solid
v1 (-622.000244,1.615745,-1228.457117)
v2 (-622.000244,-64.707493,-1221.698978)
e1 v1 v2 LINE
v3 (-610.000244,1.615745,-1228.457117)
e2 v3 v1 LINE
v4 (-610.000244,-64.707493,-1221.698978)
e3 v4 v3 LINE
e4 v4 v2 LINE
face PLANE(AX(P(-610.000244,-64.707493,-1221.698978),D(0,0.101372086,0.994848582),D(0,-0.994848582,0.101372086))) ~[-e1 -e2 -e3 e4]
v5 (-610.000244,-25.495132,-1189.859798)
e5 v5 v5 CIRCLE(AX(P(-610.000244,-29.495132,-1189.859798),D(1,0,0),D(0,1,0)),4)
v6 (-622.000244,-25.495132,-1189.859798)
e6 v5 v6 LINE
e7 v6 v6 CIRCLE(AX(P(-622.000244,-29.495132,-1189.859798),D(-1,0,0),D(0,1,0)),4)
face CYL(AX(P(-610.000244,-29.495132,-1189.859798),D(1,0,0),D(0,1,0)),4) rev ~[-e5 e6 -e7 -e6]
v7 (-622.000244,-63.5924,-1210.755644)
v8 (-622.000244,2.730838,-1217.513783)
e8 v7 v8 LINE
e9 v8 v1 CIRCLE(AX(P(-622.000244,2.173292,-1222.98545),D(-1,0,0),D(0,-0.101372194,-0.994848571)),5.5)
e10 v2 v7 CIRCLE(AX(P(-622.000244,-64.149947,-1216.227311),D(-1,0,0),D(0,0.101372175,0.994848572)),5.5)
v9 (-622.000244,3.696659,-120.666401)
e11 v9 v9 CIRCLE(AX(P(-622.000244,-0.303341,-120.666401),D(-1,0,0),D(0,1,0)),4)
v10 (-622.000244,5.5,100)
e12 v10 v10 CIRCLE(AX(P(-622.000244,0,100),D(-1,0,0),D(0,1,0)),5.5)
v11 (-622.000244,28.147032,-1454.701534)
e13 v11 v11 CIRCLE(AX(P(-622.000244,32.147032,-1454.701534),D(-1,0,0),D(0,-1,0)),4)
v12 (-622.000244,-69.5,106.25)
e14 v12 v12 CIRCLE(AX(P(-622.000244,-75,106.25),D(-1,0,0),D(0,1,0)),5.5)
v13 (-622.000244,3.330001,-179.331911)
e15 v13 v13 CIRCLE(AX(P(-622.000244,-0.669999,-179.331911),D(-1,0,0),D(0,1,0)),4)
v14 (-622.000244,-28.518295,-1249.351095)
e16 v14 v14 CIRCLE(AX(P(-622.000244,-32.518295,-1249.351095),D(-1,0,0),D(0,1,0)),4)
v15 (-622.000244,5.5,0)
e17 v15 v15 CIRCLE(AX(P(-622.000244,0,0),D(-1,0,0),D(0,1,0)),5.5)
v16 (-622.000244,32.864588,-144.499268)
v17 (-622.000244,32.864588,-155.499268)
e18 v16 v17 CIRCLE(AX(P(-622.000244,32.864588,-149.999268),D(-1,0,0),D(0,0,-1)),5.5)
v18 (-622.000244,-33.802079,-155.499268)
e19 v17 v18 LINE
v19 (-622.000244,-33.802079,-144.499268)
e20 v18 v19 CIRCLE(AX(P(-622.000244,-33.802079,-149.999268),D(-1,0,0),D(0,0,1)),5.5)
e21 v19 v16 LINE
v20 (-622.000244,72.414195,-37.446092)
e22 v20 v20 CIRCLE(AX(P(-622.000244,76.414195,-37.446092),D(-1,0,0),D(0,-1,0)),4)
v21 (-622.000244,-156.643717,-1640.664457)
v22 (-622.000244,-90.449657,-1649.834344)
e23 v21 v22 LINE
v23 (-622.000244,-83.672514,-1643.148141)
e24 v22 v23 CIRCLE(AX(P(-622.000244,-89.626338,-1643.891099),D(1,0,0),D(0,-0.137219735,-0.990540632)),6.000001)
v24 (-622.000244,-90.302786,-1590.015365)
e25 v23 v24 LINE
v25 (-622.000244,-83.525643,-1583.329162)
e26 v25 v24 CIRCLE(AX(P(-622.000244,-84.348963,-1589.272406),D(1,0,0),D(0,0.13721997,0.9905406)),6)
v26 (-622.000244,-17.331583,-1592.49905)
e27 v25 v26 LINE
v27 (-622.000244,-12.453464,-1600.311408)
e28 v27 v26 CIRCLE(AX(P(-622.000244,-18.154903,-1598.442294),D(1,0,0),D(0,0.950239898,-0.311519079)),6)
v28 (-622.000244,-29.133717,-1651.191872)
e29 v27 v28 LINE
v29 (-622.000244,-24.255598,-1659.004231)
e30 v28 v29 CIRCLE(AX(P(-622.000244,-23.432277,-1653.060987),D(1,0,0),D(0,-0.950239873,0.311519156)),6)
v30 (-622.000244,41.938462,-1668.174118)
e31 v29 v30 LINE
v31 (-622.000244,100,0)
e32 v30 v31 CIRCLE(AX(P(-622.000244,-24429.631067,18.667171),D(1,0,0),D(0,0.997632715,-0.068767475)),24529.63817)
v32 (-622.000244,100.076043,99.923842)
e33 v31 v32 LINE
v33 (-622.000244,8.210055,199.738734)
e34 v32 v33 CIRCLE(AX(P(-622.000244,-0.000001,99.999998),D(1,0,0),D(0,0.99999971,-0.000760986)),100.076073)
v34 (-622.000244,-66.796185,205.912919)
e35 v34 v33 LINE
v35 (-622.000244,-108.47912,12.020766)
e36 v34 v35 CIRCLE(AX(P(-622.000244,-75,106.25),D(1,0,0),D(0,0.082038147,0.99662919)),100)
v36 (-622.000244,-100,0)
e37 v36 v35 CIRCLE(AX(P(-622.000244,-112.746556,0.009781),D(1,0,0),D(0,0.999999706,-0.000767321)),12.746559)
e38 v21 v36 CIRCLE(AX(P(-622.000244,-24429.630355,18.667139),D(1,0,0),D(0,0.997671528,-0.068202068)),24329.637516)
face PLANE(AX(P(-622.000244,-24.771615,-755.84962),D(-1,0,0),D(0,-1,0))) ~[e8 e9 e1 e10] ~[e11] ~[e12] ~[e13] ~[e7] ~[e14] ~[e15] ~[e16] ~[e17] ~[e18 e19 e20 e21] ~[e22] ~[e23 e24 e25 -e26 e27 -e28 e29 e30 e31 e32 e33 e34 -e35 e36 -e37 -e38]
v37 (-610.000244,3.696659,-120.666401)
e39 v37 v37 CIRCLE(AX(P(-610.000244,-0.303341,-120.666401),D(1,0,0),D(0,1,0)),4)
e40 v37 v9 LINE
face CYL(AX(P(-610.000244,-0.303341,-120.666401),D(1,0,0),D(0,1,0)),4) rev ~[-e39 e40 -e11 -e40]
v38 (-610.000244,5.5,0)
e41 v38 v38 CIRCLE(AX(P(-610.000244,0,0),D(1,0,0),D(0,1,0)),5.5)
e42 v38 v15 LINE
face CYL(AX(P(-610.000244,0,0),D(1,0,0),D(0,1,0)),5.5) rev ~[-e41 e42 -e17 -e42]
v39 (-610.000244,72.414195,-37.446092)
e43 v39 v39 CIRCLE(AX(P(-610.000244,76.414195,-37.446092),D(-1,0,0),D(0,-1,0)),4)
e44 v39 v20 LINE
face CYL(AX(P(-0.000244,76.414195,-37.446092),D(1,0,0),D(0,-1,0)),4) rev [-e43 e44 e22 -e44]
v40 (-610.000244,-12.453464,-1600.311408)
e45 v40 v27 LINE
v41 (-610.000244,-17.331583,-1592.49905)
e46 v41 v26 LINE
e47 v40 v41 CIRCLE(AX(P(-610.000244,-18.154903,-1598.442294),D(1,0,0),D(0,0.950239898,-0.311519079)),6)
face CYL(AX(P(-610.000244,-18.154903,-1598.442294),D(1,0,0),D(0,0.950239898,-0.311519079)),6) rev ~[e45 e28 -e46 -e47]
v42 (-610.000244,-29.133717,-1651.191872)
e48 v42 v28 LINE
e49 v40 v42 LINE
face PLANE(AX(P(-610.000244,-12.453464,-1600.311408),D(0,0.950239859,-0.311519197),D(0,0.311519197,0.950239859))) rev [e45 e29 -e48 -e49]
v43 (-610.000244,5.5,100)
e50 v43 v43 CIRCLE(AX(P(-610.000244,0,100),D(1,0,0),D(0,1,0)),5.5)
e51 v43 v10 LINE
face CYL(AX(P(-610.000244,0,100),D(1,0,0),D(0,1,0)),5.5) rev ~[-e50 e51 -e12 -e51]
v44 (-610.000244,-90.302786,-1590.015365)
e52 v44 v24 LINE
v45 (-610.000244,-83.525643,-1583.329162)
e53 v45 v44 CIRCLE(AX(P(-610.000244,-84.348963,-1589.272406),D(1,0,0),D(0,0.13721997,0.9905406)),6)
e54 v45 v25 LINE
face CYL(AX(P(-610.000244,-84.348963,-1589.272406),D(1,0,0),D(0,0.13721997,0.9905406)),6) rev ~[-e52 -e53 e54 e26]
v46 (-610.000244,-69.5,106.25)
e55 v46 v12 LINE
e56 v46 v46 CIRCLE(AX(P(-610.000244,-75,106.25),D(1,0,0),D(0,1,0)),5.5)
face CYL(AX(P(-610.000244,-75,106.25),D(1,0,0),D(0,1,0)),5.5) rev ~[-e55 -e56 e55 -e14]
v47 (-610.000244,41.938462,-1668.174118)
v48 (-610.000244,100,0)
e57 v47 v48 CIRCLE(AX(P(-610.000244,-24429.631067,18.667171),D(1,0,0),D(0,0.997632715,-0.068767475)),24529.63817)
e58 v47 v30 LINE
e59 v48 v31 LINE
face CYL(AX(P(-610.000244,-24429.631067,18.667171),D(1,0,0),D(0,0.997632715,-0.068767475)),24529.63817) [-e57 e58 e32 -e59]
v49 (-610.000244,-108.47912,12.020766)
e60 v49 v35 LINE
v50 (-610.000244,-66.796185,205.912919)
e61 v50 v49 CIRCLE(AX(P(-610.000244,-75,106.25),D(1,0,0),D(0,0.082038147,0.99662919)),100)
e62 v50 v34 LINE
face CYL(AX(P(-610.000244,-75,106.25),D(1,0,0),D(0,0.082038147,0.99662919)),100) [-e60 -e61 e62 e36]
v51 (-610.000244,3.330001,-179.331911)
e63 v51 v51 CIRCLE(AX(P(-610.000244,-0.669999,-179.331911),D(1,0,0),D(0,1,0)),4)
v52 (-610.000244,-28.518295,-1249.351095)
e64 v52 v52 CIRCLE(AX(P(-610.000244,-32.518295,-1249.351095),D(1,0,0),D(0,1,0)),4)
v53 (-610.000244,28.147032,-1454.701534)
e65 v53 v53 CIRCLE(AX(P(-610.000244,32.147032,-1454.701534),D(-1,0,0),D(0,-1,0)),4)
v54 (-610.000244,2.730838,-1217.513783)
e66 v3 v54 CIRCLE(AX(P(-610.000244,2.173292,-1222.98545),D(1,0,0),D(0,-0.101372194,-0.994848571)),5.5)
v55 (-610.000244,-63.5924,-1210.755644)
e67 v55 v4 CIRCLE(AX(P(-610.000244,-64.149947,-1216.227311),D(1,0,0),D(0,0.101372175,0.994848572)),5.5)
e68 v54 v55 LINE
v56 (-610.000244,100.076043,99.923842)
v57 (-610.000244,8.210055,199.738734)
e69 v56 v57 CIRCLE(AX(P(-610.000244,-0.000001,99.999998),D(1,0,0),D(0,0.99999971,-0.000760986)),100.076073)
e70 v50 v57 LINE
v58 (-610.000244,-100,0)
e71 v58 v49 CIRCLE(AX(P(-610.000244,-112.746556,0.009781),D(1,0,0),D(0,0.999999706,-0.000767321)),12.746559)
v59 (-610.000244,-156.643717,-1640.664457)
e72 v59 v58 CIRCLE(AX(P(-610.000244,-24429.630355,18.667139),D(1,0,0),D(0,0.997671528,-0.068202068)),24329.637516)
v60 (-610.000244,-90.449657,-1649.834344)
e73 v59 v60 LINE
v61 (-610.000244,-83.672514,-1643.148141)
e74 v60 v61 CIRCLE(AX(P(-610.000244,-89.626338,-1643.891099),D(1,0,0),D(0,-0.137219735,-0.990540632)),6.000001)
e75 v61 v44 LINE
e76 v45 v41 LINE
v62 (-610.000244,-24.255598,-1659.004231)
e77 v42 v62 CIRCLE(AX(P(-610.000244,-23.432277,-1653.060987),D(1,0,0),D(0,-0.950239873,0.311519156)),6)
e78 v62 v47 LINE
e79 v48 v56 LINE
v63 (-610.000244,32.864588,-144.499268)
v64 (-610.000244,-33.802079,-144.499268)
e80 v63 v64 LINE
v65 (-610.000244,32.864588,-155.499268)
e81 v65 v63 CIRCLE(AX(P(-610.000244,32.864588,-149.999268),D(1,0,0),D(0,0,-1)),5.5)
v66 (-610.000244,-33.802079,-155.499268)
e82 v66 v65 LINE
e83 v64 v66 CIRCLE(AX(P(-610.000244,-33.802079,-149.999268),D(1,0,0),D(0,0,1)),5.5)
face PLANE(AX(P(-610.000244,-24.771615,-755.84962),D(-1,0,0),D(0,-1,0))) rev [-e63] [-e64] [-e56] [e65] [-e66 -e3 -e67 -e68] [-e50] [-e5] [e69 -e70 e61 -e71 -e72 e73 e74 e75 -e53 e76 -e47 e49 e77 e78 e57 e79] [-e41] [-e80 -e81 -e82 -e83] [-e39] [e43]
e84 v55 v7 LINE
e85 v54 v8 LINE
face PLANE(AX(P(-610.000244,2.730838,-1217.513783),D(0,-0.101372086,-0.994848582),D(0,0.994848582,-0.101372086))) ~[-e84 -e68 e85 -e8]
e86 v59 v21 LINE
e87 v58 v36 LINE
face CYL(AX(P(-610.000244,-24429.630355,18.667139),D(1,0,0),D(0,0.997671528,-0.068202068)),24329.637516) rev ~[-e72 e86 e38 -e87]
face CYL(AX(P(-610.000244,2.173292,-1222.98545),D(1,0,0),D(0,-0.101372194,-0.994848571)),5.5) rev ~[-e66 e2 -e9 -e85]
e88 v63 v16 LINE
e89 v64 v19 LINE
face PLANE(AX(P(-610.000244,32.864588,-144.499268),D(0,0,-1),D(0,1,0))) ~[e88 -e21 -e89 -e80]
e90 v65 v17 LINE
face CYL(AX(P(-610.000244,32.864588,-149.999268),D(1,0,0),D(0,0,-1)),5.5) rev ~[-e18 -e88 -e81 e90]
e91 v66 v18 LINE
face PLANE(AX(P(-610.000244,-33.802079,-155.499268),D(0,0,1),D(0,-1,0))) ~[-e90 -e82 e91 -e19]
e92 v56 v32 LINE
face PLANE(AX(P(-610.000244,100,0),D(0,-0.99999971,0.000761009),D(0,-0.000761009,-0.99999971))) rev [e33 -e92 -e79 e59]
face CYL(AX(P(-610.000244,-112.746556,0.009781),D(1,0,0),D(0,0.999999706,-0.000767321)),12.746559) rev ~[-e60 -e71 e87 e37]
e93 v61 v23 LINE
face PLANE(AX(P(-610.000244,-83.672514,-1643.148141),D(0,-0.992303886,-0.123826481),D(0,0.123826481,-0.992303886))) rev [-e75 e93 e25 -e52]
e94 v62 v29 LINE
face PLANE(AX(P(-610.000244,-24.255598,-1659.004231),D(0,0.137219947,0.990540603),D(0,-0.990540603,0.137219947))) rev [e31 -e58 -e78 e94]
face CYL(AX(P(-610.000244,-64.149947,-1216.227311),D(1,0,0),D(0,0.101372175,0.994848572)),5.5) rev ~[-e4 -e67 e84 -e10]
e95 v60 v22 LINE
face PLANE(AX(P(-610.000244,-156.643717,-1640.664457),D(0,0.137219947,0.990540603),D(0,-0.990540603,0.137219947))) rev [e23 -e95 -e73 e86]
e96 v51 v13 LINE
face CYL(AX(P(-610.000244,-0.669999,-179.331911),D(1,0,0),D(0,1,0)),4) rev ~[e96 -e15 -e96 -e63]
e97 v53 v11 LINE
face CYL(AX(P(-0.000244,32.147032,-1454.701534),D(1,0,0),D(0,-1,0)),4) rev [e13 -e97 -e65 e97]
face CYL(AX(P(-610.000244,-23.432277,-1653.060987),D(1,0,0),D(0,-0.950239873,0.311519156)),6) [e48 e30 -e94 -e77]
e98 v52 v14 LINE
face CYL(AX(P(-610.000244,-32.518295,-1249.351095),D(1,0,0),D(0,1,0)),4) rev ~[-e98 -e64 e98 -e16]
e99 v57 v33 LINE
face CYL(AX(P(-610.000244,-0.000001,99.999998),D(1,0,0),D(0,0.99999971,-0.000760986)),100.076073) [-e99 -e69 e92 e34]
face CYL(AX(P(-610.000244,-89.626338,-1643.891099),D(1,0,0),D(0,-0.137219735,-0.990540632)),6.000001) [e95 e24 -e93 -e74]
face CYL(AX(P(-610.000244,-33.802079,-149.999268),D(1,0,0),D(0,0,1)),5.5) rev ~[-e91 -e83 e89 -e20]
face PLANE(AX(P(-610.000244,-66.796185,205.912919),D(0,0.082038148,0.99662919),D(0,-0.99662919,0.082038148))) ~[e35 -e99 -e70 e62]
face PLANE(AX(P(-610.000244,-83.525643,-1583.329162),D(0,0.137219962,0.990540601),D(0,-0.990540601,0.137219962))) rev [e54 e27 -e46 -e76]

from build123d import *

# Parameters (mm, degrees)
PAD002_DEPTH    = 12
SKETCH005_R     = 5.5
HOLE_DEPTH      = 12.001
SKETCH015_R     = 4
POCKET002_DEPTH = 12.001
SKETCH040_R     = 4
HOLE007_DEPTH   = 622.001


with BuildPart() as side_right_top_part:
    # Sketch002 → Pad002 (new body)
    with BuildSketch(Plane.YZ):
        with BuildLine():
            ThreePointArc((100.076043, 99.923842), (73.635745, 167.771654), (8.210055, 199.738734))
            Line((-66.796185, 205.912919), (8.210055, 199.738734))
            ThreePointArc((-66.796185, 205.912919), (-172.766313, 127.267802), (-108.47912, 12.020766))
            ThreePointArc((-100, 0), (-102.330526, 7.356964), (-108.47912, 12.020766))
            ThreePointArc((-156.643717, -1640.664457), (-114.479942, -820.810119), (-100, 0))
            Line((-156.643717, -1640.664457), (-90.449657, -1649.834344))
            ThreePointArc((-90.449657, -1649.834344), (-85.412451, -1648.162301), (-83.672514, -1643.148141))
            Line((-83.672514, -1643.148141), (-90.302786, -1590.015365))
            ThreePointArc((-83.525643, -1583.329162), (-88.56285, -1585.001205), (-90.302786, -1590.015365))
            Line((-83.525643, -1583.329162), (-17.331583, -1592.49905))
            ThreePointArc((-12.453464, -1600.311408), (-13.065566, -1595.264457), (-17.331583, -1592.49905))
            Line((-12.453464, -1600.311408), (-29.133717, -1651.191872))
            ThreePointArc((-29.133717, -1651.191872), (-28.521615, -1656.238824), (-24.255598, -1659.004231))
            Line((-24.255598, -1659.004231), (41.938462, -1668.174118))
            ThreePointArc((41.938462, -1668.174118), (85.162756, -834.581071), (100, 0))
            Line((100, 0), (100.076043, 99.923842))
        make_face()
    extrude(amount=PAD002_DEPTH)

    # Sketch005 → Hole (cut, through all)
    with BuildSketch(Plane.YZ):
        with Locations((0, 100)):
            Circle(SKETCH005_R)
        with Locations((-75, 106.25)):
            Circle(SKETCH005_R)
        Circle(SKETCH005_R)
    extrude(amount=HOLE_DEPTH, mode=Mode.SUBTRACT)

    # Sketch015 → Pocket002 (cut, through all)
    with BuildSketch(Plane.YZ):
        with Locations((-0.303341, -120.666401)):
            Circle(SKETCH015_R)
        with Locations((-0.669999, -179.331911)):
            Circle(SKETCH015_R)
        with Locations((-29.495132, -1189.859798)):
            Circle(SKETCH015_R)
        with Locations((-32.518295, -1249.351095)):
            Circle(SKETCH015_R)
        with Locations((-130.873609, -2506.378514)):
            Circle(SKETCH015_R)
        with Locations((-136.971781, -2564.727371)):
            Circle(SKETCH015_R)
        with BuildLine():
            ThreePointArc((-63.5924, -1210.755644), (-69.621614, -1215.669765), (-64.707493, -1221.698978))
            Line((-64.707493, -1221.698978), (1.615745, -1228.457117))
            ThreePointArc((1.615745, -1228.457117), (7.644959, -1223.542997), (2.730838, -1217.513783))
            Line((2.730838, -1217.513783), (-63.5924, -1210.755644))
        make_face()
        with BuildLine():
            ThreePointArc((-33.802079, -144.499268), (-39.302079, -149.999268), (-33.802079, -155.499268))
            Line((-33.802079, -155.499268), (32.864588, -155.499268))
            ThreePointArc((32.864588, -155.499268), (38.364588, -149.999268), (32.864588, -144.499268))
            Line((32.864588, -144.499268), (-33.802079, -144.499268))
        make_face()
        with BuildLine():
            ThreePointArc((-165.386078, -2523.207318), (-171.913956, -2527.436597), (-167.684677, -2533.964476))
            Line((-167.684677, -2533.964476), (-102.489783, -2547.895382))
            ThreePointArc((-102.489783, -2547.895382), (-95.961904, -2543.666103), (-100.191183, -2537.138225))
            Line((-100.191183, -2537.138225), (-165.386078, -2523.207318))
        make_face()
        with BuildLine():
            ThreePointArc((-307.201152, -3631.252582), (-314.086519, -3634.870829), (-310.468272, -3641.756197))
            Line((-310.468272, -3641.756197), (-246.81, -3661.556925))
            ThreePointArc((-246.81, -3661.556925), (-239.924632, -3657.938678), (-243.542879, -3651.05331))
            Line((-243.542879, -3651.05331), (-307.201152, -3631.252582))
        make_face()
        with BuildLine():
            ThreePointArc((-498.714671, -4731.898869), (-505.894975, -4734.889394), (-502.90445, -4742.069697))
            Line((-502.90445, -4742.069697), (-441.263063, -4767.462292))
            ThreePointArc((-441.263063, -4767.462292), (-434.082759, -4764.471767), (-437.073284, -4757.291463))
            Line((-437.073284, -4757.291463), (-498.714671, -4731.898869))
        make_face()
    extrude(amount=POCKET002_DEPTH, mode=Mode.SUBTRACT)

    # Sketch040 (on Face1 of ShapeBinder) → Hole007 (cut, through all)
    with BuildSketch(Plane(origin=(-610, 0, 0), x_dir=(0, -1, 0), z_dir=(-1, 0, 0))):
        with Locations((-32.147032, -1454.701534)):
            Circle(SKETCH040_R)
        with Locations((-2.949201, -1878.284217)):
            Circle(SKETCH040_R)
        with Locations((-76.414195, -37.446092)):
            Circle(SKETCH040_R)
    extrude(amount=-HOLE007_DEPTH, mode=Mode.SUBTRACT)


with BuildPart() as side_right_top_part_1:
    # Body003 placement: moved
    add(side_right_top_part.part.moved(Location((610, 0, 0))))


with BuildPart() as side_left_top_part:
    # Part__Mirroring: instance of side_right_top_part
    add(side_right_top_part_1.part.mirror(Plane(origin=(-0.000122, -37.441761, -731.130615), x_dir=(0, -1, 0), z_dir=(1, 0, 0))))


solid = side_left_top_part.part
